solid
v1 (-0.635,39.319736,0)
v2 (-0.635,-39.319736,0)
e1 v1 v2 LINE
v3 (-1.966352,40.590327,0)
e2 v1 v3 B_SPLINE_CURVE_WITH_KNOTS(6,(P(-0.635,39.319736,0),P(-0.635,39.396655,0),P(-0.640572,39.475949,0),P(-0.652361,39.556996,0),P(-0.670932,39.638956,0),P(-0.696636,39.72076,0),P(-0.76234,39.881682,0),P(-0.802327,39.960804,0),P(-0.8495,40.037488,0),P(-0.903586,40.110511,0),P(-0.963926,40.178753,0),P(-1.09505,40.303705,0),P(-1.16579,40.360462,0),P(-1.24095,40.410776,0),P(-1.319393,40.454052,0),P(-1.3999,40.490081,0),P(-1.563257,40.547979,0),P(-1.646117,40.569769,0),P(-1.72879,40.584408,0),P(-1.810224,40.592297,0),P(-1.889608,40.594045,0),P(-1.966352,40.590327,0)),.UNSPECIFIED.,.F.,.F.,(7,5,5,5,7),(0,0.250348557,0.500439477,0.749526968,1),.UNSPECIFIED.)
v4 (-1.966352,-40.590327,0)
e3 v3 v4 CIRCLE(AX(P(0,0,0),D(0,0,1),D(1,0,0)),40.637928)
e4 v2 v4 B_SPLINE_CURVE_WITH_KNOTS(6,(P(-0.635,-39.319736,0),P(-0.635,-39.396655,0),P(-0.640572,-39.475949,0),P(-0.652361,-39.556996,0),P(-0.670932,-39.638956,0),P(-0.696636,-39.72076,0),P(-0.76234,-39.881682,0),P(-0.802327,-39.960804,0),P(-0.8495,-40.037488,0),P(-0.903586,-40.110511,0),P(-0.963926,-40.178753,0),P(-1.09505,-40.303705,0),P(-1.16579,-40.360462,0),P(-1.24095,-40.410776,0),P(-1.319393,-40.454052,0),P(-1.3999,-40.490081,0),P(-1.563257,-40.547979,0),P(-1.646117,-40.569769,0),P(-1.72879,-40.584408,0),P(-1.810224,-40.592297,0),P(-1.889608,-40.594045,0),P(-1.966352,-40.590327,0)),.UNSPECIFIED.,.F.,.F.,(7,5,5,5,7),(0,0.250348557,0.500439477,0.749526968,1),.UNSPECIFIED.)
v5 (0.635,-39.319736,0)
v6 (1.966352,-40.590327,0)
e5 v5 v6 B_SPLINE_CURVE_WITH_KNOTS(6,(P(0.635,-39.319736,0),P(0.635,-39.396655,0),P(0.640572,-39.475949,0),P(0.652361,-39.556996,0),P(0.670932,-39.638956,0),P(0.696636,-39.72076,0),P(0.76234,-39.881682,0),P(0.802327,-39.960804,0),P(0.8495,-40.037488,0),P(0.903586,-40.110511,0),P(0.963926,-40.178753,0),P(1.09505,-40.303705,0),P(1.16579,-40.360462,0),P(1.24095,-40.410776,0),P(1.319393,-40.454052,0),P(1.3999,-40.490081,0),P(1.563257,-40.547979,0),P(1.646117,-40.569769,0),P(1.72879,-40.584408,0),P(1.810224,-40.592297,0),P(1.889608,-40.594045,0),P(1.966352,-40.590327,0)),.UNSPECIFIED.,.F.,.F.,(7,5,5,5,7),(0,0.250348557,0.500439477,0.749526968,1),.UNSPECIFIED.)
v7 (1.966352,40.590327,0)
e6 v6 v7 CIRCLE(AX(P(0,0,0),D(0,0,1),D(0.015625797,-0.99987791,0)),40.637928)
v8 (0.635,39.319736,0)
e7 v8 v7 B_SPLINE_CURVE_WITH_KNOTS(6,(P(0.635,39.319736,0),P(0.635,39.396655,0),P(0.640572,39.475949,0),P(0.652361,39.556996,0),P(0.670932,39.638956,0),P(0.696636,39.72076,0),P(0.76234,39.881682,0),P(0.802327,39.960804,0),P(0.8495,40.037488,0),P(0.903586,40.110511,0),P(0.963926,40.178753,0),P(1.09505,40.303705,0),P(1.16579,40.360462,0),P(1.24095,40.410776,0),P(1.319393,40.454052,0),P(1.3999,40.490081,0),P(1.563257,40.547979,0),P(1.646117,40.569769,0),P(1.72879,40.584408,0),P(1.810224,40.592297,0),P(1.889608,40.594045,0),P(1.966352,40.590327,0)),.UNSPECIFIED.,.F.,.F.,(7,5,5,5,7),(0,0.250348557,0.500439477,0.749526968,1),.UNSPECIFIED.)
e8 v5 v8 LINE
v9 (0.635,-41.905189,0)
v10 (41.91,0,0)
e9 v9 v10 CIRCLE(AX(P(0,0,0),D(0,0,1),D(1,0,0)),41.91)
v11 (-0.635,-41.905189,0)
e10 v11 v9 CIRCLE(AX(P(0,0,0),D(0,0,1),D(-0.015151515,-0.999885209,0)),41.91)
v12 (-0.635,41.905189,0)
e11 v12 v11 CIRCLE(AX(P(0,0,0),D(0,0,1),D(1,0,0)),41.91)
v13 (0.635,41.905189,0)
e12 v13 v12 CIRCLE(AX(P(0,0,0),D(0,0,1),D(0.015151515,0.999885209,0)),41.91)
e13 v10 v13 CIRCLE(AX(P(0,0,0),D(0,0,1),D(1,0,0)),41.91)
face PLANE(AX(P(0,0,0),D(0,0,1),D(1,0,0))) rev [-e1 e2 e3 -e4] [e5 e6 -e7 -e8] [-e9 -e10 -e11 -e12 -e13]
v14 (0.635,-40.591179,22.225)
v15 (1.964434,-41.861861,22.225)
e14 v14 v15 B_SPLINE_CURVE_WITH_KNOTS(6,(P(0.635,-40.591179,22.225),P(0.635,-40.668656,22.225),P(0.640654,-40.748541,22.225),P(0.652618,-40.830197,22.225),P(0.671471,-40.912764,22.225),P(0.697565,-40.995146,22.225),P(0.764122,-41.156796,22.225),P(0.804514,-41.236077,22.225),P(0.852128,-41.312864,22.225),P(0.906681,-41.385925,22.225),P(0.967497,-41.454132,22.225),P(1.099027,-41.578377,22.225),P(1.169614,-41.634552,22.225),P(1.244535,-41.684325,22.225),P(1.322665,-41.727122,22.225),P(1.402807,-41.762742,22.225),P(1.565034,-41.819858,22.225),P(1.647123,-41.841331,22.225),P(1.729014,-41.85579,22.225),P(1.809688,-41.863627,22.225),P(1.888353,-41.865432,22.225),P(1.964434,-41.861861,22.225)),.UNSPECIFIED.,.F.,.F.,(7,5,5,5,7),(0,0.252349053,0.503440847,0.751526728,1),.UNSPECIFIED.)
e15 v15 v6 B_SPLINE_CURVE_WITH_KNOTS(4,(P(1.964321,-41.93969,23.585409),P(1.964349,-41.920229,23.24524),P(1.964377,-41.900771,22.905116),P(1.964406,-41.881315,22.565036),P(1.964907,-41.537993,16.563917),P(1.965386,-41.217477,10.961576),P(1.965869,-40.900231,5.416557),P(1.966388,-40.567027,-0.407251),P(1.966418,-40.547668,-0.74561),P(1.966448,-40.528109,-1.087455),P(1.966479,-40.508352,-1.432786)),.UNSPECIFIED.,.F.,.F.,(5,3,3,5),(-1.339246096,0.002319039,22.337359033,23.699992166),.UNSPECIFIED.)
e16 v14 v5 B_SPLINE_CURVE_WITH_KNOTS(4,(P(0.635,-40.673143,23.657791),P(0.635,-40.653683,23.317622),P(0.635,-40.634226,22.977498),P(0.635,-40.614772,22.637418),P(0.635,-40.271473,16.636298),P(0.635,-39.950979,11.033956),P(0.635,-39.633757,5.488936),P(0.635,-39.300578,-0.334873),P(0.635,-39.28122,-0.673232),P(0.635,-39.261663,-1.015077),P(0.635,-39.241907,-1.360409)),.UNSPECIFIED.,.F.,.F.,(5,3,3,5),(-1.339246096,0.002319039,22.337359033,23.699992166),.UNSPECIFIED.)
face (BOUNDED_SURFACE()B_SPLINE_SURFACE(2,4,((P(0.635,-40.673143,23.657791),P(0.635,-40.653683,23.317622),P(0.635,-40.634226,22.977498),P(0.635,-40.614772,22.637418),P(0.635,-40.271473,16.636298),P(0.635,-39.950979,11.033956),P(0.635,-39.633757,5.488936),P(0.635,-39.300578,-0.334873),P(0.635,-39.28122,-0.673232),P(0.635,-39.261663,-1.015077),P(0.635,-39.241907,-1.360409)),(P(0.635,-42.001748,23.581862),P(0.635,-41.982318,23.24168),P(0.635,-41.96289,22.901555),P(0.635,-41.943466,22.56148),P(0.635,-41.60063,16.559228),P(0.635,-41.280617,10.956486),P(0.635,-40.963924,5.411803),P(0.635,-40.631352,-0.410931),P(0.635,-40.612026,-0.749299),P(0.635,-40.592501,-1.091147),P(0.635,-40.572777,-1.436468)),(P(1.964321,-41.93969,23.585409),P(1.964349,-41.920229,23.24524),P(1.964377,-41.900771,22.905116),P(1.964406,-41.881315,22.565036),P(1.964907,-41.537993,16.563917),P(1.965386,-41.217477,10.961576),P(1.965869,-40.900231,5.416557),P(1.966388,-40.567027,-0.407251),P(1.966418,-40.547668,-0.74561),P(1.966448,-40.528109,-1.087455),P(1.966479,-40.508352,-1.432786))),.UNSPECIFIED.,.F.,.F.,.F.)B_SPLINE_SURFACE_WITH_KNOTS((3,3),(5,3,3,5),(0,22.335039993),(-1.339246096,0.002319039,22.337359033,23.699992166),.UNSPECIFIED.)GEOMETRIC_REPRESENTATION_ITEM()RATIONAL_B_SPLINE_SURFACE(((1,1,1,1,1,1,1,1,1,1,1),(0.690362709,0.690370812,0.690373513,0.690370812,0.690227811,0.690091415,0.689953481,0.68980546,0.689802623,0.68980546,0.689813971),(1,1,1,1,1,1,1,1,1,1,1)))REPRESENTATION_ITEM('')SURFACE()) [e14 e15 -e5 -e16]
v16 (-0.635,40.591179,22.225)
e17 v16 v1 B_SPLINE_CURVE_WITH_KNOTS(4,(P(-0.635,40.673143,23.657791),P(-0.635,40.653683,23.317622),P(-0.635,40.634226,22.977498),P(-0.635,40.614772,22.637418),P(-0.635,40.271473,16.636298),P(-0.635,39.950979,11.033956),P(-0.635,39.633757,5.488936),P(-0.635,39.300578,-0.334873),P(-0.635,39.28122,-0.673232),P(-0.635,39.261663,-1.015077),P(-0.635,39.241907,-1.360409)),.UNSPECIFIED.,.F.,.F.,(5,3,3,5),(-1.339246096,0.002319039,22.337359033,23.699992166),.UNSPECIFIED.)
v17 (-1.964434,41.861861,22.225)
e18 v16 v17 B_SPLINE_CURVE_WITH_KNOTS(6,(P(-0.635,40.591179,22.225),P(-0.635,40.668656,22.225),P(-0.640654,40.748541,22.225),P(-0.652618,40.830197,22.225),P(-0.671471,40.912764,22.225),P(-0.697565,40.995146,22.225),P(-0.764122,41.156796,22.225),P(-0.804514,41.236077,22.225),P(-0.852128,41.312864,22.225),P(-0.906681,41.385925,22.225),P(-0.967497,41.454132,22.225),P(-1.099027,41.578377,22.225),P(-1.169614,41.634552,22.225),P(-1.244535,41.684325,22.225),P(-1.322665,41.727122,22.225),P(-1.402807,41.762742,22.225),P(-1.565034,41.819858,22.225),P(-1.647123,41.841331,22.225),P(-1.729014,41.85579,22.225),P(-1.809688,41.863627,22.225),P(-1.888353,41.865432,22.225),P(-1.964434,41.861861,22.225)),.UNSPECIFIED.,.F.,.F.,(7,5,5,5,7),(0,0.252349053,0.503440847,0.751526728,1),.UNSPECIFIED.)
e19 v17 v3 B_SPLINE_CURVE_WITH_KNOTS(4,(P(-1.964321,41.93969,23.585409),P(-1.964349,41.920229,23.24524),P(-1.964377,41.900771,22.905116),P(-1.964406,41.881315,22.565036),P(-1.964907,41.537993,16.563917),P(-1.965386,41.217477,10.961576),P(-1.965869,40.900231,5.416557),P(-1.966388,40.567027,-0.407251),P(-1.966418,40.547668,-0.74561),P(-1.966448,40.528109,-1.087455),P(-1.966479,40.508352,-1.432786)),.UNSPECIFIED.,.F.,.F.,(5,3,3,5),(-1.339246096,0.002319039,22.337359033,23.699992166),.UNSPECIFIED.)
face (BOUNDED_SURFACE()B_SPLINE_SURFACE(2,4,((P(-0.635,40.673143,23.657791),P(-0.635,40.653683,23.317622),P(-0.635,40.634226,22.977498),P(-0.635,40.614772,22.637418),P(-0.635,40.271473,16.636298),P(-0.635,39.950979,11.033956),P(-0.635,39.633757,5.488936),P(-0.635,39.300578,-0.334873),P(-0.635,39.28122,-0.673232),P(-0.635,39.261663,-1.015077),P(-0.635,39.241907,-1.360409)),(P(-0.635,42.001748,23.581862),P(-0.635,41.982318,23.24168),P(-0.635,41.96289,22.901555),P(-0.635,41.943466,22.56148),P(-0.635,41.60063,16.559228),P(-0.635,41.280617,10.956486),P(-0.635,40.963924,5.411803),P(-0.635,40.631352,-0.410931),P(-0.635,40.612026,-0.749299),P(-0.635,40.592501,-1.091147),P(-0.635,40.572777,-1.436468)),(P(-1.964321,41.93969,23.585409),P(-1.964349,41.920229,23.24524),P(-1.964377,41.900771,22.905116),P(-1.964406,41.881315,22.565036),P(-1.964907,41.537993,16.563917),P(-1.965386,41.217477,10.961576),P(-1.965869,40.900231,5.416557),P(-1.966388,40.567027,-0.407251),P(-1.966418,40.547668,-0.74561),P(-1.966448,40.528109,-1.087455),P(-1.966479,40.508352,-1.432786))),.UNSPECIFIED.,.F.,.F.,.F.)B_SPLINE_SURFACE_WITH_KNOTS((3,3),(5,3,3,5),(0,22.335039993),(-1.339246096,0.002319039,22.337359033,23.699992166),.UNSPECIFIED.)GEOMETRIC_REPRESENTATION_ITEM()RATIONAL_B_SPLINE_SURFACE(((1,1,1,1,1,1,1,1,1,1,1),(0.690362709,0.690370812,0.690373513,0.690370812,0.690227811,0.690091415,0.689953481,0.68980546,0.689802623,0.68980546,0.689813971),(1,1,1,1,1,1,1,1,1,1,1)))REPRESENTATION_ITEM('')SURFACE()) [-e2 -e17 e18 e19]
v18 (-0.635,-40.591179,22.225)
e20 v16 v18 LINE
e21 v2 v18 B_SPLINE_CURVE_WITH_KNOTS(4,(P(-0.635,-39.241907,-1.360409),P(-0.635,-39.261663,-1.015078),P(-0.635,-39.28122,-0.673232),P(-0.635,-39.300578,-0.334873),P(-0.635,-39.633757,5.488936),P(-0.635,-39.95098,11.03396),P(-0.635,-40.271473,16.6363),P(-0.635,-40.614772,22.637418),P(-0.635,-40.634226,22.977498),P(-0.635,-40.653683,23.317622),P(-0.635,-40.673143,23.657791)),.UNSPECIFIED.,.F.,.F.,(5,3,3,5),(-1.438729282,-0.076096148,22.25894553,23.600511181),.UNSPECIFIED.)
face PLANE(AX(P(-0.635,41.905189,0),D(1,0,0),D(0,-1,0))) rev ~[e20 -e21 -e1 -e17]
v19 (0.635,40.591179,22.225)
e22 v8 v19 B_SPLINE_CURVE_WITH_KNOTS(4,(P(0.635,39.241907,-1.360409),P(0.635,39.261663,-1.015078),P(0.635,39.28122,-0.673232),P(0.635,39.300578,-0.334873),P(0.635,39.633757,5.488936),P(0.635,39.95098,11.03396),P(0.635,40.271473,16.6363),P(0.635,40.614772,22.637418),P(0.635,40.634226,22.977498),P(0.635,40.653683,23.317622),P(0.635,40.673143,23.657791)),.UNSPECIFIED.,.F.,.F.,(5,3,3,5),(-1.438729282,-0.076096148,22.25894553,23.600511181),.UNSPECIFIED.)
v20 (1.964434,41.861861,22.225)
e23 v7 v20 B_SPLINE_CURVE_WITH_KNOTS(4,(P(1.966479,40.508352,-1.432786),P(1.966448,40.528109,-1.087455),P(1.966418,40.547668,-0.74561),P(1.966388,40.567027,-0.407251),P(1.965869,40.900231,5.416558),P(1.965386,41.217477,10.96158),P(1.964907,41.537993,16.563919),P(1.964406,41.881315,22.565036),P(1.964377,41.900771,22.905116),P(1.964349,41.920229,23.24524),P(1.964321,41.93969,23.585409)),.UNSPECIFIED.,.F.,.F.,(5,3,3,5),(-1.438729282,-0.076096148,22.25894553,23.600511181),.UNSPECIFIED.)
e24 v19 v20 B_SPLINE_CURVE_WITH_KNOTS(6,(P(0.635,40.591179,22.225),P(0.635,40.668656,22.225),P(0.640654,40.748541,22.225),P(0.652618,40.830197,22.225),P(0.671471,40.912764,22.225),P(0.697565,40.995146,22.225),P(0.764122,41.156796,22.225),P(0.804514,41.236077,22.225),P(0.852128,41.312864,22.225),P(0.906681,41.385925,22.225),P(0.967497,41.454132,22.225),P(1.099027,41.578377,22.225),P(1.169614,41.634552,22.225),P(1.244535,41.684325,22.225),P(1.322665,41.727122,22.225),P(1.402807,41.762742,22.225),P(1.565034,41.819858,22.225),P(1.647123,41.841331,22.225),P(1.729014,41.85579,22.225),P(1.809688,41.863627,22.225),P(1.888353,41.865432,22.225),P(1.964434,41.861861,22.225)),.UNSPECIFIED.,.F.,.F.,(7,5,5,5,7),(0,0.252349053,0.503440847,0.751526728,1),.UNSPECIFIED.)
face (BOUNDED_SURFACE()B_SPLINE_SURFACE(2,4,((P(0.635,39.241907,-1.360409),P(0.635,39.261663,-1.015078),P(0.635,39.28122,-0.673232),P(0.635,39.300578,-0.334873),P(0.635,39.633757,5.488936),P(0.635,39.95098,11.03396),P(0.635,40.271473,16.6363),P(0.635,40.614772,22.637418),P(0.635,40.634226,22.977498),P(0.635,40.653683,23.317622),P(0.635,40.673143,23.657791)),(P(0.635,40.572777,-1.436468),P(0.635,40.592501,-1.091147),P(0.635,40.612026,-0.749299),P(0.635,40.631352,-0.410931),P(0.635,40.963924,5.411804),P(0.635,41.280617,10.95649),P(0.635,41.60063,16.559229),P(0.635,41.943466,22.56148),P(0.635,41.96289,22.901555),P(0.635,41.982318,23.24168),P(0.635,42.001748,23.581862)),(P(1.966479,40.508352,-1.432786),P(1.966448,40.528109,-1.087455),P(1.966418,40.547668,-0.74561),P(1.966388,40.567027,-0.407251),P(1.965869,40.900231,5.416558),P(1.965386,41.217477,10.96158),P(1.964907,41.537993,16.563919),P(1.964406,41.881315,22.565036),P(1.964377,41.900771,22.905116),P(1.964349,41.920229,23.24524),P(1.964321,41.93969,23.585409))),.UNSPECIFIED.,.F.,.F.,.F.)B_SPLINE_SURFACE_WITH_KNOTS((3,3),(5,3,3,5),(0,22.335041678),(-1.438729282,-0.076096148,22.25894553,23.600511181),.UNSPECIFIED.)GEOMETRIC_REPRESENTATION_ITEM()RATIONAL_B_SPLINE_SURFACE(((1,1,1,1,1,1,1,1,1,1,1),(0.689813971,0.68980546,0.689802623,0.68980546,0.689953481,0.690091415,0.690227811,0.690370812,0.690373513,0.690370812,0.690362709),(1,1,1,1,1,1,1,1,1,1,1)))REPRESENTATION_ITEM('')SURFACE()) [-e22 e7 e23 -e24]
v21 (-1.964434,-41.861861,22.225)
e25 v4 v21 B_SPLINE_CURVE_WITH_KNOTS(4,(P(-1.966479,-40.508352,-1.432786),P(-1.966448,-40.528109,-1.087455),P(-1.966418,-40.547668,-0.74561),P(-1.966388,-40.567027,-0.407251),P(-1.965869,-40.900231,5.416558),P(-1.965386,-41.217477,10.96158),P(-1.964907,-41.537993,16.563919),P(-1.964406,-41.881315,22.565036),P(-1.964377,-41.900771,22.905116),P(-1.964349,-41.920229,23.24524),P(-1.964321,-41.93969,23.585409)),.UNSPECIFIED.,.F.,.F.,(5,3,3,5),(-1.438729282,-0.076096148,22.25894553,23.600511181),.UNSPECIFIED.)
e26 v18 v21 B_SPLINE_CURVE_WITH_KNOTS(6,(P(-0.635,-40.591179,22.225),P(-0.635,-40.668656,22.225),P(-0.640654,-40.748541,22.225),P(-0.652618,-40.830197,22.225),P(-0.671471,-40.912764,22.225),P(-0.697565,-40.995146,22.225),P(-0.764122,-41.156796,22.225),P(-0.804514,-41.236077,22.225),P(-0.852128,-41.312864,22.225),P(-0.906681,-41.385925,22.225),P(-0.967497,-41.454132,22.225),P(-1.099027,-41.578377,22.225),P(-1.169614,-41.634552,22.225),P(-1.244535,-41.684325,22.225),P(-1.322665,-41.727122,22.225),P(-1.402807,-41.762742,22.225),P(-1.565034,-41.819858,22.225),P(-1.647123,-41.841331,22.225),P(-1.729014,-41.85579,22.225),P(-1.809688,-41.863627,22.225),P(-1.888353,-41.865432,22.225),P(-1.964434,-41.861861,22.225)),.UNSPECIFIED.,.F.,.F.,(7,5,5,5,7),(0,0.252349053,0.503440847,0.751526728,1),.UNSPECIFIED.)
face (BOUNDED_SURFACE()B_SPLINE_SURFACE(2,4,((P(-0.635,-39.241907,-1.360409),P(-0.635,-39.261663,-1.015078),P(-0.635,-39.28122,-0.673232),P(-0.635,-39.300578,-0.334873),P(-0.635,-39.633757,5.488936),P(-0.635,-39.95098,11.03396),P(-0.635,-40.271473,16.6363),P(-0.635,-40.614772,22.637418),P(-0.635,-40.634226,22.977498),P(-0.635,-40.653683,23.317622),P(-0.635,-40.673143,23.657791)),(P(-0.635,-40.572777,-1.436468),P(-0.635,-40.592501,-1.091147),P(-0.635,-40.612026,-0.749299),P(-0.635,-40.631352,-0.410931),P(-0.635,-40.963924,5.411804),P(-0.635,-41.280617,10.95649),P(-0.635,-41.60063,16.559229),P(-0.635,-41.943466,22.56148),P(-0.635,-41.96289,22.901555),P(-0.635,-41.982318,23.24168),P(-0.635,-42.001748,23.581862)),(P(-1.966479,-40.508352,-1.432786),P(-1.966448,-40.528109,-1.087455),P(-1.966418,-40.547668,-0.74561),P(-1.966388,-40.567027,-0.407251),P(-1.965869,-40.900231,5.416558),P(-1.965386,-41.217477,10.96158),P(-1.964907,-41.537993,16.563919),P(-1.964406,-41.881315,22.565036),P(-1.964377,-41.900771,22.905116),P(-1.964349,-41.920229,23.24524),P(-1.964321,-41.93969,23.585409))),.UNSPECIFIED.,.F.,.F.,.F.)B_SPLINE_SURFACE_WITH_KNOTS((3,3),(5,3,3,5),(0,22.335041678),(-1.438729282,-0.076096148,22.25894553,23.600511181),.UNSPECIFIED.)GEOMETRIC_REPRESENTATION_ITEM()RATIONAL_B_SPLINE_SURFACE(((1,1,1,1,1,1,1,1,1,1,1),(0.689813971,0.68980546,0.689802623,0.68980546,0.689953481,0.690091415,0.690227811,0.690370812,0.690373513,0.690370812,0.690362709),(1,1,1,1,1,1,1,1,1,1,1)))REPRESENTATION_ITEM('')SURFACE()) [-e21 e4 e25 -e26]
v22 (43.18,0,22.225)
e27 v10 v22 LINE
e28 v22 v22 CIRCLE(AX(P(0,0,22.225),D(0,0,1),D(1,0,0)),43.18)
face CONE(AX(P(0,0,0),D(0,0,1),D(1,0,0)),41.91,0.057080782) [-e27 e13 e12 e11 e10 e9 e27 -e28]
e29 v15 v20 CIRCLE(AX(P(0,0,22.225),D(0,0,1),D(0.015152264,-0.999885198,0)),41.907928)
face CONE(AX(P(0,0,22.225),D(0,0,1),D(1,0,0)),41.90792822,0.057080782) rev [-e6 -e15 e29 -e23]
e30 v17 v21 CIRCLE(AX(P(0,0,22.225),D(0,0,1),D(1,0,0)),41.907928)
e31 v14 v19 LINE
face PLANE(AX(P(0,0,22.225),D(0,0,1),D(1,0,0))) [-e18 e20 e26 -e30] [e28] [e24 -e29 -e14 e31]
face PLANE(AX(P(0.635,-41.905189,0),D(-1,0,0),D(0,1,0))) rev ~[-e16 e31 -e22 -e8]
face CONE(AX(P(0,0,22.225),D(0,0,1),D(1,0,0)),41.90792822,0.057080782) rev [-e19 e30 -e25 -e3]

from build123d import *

# Parameters (mm, degrees)
F3_DEPTH = 22.225
F4_R     = 1.27


with BuildPart() as f1:
    # F0 (on Front) → F1 (revolve)
    with BuildSketch(Plane.XZ):
        Polygon((41.9079282205, 22.225), (40.6379282205, 0), (41.91, 0), (43.18, 22.225), align=None)
    revolve(axis=Axis((0, 0, 4.1103595868), (0, 0, 1)))

    # F2 (on Top) → F3 (join, through all)
    with BuildSketch(Plane.XY):
        with BuildLine():
            ThreePointArc((0.635, 41.9051891178), (0, 41.91), (-0.635, 41.9051891178))
            Line((-0.635, 41.9051891178), (-0.635, -41.9051891178))
            ThreePointArc((-0.635, -41.9051891178), (0, -41.91), (0.635, -41.9051891178))
            Line((0.635, -41.9051891178), (0.635, 41.9051891178))
        make_face()
    extrude(amount=F3_DEPTH)

    # F4
    f4_edges = [f1.edges().sort_by_distance(p)[0] for p in [
        (0.635, -41.268043, 11.1125),
        (0.635, 41.268043, 11.1125),
        (-0.635, 41.268043, 11.1125),
        (-0.635, -41.268043, 11.1125),
    ]]
    fillet(f4_edges, radius=F4_R)


solid = f1.part
